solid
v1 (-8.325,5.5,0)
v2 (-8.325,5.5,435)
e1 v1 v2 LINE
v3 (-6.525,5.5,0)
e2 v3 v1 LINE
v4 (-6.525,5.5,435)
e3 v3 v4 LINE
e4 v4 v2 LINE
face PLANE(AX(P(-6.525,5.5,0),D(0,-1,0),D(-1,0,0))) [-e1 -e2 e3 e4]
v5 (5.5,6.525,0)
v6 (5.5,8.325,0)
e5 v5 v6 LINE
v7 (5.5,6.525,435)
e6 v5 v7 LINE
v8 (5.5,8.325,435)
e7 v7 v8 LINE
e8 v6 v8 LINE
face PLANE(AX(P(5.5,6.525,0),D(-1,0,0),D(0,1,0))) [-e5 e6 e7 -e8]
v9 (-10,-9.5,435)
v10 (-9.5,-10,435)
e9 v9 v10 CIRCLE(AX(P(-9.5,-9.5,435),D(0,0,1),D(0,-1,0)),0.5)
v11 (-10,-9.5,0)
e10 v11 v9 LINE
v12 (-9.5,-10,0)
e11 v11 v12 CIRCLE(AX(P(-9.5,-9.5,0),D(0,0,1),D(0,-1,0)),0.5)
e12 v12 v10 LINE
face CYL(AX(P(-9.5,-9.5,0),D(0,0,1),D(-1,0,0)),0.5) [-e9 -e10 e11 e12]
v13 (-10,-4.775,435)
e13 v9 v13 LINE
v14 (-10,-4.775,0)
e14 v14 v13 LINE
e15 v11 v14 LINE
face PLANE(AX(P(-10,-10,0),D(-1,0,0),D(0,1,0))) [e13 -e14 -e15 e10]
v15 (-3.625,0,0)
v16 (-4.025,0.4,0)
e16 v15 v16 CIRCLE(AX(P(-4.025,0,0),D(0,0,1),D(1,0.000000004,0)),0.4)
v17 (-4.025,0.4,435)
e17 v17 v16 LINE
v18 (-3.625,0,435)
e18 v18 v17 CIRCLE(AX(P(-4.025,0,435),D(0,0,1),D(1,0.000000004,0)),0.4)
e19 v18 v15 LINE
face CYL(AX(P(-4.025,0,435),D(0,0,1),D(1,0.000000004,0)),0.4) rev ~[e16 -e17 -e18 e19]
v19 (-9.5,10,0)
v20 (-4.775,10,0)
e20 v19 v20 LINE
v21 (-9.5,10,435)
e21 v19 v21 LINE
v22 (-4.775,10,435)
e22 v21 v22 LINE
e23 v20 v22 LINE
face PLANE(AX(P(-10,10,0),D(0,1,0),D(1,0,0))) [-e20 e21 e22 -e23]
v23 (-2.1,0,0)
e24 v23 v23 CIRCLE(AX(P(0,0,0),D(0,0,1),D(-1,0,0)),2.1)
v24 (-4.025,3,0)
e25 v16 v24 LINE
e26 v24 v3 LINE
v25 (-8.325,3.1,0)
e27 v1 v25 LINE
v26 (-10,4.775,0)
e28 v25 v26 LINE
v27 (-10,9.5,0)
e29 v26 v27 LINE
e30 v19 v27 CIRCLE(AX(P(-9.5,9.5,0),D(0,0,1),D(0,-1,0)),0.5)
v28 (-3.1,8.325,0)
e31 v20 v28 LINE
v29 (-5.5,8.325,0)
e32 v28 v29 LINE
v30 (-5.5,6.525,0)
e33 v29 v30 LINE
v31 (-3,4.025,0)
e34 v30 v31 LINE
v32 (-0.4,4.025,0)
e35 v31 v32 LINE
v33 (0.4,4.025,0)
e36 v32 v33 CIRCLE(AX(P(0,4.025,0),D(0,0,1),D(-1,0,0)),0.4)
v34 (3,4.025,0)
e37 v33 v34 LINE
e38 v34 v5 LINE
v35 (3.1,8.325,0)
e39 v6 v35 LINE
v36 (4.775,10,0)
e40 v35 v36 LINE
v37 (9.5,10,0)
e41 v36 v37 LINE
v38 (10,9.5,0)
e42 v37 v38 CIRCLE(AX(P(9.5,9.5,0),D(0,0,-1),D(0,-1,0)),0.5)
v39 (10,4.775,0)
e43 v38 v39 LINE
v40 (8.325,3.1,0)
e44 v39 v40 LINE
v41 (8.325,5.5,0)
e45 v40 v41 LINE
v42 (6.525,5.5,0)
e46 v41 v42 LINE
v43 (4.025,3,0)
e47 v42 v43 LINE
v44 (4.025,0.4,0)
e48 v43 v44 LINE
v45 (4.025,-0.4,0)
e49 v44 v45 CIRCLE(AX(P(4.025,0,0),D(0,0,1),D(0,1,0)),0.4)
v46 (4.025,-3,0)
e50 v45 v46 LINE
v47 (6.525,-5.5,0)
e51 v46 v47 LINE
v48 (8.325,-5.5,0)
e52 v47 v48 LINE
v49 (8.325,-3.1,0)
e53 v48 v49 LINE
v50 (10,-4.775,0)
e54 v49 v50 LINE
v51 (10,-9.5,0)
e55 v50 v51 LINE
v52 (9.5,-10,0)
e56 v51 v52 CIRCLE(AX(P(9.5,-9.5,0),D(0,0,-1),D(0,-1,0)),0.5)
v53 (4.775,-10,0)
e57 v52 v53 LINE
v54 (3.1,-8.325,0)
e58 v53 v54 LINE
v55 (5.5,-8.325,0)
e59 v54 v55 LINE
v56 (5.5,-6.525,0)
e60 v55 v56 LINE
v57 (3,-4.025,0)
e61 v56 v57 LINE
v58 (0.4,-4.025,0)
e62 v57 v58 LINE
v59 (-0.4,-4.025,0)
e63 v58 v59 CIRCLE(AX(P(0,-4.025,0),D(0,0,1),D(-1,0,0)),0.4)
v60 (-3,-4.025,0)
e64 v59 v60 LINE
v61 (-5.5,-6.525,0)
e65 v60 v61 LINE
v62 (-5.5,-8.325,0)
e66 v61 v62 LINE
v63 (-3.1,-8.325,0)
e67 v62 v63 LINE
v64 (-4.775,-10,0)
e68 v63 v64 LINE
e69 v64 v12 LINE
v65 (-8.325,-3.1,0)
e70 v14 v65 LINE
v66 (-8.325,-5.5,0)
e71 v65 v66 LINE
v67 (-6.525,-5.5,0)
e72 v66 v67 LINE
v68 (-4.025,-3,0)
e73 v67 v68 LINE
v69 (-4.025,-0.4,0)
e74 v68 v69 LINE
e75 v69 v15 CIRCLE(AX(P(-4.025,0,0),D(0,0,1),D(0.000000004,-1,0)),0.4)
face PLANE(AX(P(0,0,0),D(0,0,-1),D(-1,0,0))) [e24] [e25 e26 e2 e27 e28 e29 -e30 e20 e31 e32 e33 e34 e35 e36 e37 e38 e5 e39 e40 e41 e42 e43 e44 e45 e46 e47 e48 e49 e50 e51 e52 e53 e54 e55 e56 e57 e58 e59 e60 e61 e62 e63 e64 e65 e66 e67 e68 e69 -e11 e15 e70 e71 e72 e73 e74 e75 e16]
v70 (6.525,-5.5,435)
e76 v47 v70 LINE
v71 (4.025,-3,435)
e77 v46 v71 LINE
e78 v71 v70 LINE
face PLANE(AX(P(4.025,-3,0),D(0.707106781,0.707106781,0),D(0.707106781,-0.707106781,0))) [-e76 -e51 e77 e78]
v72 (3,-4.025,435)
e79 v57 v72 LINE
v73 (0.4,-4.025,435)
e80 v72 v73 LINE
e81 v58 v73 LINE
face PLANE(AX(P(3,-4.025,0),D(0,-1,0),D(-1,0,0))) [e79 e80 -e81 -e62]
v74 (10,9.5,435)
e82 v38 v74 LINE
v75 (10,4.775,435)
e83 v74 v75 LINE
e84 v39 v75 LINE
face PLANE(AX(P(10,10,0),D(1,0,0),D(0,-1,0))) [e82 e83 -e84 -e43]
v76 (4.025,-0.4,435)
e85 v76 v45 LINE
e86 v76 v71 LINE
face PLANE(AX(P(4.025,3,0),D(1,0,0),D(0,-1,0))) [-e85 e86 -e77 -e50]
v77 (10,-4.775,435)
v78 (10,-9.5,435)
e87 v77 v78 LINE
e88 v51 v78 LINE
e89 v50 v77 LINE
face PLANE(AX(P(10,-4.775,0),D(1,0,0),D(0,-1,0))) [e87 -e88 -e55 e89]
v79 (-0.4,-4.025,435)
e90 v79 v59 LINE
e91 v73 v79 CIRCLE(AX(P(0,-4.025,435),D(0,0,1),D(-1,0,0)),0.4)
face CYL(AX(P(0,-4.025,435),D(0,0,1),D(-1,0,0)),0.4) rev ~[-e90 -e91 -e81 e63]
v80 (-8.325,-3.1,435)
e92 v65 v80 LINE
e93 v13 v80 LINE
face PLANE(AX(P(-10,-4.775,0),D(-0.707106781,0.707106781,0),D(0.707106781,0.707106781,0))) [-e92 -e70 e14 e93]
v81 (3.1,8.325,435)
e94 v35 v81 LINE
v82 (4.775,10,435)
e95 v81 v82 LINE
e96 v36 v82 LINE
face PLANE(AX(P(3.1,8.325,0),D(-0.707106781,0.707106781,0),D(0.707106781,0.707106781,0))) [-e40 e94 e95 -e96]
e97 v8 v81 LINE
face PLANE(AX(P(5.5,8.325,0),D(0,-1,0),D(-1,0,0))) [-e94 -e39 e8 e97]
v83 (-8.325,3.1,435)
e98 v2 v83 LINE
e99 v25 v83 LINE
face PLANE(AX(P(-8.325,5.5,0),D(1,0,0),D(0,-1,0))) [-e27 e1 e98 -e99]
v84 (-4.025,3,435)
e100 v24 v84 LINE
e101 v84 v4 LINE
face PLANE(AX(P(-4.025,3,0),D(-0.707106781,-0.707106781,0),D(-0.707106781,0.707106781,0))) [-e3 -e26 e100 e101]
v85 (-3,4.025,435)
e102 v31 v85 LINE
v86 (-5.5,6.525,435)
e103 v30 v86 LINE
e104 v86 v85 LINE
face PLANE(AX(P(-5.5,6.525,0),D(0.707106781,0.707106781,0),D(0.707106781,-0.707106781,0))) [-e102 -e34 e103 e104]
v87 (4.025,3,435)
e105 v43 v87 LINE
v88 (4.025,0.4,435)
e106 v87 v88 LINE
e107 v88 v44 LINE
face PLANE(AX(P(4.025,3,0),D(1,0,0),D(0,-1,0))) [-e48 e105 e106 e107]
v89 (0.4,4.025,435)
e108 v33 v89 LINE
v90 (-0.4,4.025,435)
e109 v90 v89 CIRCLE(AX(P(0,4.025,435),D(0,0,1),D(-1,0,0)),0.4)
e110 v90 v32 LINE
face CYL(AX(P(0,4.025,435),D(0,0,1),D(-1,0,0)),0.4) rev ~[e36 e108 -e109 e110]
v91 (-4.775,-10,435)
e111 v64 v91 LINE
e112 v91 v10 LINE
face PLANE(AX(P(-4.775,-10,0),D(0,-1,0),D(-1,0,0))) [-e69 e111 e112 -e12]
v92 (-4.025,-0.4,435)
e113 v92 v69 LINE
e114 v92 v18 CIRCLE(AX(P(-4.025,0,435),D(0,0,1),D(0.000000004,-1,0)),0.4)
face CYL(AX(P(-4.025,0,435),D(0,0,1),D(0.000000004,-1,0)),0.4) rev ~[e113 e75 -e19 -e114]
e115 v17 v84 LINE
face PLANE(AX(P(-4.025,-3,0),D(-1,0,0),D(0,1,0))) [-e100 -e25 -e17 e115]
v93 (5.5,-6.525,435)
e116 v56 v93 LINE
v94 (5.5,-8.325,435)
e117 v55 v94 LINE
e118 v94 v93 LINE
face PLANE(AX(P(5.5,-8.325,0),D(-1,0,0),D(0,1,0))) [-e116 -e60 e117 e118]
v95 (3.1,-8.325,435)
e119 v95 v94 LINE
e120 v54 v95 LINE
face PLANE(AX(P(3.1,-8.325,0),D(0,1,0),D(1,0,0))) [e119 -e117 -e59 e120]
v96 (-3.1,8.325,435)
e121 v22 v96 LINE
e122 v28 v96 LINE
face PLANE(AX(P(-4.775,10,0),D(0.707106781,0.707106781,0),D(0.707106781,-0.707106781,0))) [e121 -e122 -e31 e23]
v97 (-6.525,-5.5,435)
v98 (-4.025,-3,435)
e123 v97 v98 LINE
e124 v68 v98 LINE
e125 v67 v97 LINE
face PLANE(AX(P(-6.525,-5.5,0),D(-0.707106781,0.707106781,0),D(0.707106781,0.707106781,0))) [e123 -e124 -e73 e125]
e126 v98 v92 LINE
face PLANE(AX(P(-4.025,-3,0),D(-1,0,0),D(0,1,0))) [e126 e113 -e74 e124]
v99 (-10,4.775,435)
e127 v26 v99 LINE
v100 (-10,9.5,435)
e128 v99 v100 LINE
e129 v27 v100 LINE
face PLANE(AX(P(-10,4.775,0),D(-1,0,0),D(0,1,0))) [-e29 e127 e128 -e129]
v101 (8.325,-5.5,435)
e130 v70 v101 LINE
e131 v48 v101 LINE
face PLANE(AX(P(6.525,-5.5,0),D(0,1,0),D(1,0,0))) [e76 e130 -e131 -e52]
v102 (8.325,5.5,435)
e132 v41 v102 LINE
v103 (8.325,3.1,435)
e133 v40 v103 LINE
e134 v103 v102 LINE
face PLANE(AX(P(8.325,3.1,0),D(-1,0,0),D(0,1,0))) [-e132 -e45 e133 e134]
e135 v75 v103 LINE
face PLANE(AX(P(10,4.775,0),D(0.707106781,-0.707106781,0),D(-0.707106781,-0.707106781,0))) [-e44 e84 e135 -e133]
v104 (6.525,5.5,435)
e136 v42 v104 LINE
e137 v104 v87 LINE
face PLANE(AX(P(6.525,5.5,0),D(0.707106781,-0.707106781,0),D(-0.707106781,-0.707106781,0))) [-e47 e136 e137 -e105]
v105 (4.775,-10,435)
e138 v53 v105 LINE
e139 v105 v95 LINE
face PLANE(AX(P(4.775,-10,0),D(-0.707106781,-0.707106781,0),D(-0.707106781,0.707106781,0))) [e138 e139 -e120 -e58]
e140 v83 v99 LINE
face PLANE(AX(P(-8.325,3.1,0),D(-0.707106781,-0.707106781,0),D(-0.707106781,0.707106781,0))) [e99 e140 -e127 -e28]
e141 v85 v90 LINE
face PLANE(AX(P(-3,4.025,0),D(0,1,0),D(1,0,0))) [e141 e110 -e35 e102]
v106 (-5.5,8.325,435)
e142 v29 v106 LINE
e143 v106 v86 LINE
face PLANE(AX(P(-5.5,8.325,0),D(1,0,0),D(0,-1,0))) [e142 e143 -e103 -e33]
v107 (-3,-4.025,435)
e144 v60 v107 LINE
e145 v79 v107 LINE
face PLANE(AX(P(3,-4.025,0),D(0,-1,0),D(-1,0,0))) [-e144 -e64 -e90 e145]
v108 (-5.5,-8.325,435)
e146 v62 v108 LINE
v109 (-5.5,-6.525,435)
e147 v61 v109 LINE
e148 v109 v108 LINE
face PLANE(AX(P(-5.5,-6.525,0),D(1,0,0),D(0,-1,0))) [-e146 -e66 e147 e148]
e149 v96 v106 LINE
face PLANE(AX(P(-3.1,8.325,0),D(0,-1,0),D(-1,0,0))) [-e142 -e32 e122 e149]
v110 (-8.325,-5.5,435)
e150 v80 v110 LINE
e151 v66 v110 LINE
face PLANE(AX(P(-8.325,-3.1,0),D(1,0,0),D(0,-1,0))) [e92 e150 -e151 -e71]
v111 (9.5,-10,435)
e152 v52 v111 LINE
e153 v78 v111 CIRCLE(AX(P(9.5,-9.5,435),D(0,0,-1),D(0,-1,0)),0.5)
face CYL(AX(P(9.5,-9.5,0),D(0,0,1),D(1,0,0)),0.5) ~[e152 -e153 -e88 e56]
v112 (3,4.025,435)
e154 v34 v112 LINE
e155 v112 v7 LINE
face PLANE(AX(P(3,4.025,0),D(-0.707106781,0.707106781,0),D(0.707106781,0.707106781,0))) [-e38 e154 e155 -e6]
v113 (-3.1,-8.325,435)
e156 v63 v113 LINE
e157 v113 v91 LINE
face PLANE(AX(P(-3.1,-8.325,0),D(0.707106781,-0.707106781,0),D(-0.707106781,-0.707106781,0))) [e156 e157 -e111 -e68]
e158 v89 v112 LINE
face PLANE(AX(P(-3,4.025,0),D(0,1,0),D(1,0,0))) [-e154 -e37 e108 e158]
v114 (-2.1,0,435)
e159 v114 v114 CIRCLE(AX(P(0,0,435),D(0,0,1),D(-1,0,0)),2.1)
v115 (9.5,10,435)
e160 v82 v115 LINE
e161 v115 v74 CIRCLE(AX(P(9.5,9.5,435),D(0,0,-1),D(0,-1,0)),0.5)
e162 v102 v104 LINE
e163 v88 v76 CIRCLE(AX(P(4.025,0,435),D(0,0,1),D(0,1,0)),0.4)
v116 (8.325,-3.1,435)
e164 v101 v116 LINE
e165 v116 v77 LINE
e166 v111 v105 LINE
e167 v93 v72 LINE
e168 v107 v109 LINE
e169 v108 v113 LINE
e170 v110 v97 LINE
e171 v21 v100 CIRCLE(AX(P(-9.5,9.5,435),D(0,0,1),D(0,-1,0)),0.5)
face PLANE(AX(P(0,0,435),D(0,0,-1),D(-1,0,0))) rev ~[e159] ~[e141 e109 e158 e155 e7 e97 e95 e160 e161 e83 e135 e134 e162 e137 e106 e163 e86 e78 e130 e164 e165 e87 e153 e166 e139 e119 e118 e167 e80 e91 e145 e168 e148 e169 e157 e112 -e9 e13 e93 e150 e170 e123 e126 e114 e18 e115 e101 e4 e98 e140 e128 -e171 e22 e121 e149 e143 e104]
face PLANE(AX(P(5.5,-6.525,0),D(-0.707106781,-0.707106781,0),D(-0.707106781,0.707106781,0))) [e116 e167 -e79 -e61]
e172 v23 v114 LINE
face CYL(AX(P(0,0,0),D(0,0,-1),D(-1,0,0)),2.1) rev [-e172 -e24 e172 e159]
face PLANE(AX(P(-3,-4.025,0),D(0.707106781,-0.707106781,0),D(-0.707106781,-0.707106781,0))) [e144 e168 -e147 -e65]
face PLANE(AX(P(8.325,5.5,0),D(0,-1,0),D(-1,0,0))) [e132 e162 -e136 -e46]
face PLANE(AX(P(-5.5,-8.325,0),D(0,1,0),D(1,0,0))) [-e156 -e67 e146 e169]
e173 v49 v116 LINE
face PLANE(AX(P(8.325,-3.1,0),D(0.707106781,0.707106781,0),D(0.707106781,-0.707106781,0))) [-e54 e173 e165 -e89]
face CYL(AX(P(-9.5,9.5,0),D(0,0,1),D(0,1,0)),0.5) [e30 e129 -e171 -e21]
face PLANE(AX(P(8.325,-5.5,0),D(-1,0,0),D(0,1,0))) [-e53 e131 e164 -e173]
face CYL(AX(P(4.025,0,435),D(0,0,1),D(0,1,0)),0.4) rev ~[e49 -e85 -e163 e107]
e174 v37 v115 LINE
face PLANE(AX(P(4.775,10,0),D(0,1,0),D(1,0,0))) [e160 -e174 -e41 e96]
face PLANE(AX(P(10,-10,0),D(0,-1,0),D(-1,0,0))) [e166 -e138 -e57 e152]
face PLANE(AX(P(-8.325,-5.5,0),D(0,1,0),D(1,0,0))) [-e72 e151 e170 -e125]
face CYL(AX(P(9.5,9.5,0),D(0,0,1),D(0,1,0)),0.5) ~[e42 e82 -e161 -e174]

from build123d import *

# Parameters (mm, degrees)
SKETCH1_R           = 2.1
BOSS_EXTRUDE1_DEPTH = 435
FILLET1_R           = 0.5
CUT_EXTRUDE1_DEPTH  = 436.229824346


with BuildPart() as part:
    # Sketch1 → Boss-Extrude1 (new body)
    with BuildSketch(Plane.XY):
        Polygon((-10, 10), (-4.775, 10), (-3.1, 8.325), (-5.5, 8.325), (-5.5, 6.525), (-3, 4.025), (3, 4.025), (5.5, 6.525), (5.5, 8.325), (3.1, 8.325), (4.775, 10), (10, 10), (10, 4.775), (8.325, 3.1), (8.325, 5.5), (6.525, 5.5), (4.025, 3), (4.025, -3), (6.525, -5.5), (8.325, -5.5), (8.325, -3.1), (10, -4.775), (10, -10), (4.775, -10), (3.1, -8.325), (5.5, -8.325), (5.5, -6.525), (3, -4.025), (-3, -4.025), (-5.5, -6.525), (-5.5, -8.325), (-3.1, -8.325), (-4.775, -10), (-10, -10), (-10, -4.775), (-8.325, -3.1), (-8.325, -5.5), (-6.525, -5.5), (-4.025, -3), (-4.025, 3), (-6.525, 5.5), (-8.325, 5.5), (-8.325, 3.1), (-10, 4.775), align=None)
        with Locations(Location((0, 0, 0), (0, 0, 180))):
            Circle(SKETCH1_R, mode=Mode.SUBTRACT)
    extrude(amount=BOSS_EXTRUDE1_DEPTH)

    # Fillet1
    fillet1_edges = [part.edges().sort_by_distance(p)[0] for p in [
        (10, -10, 217.5),
        (-10, -10, 217.5),
        (-10, 10, 217.5),
        (10, 10, 217.5),
    ]]
    fillet(fillet1_edges, radius=FILLET1_R)

    # Sketch2 → Cut-Extrude1 (cut, through all)
    with BuildSketch(Plane.XY.offset(435)):
        with BuildLine():
            ThreePointArc((-4.025, 0.4), (-4.425, 0), (-4.025, -0.4))
            Line((-4.025, -0.4), (-4.025, 0.4))
        make_face()
        with BuildLine():
            Line((-4.025, 0.4), (-4.025, -0.4))
            ThreePointArc((-4.025, -0.4), (-3.742157288, -0.282842712), (-3.625, 0))
            ThreePointArc((-3.625, 0), (-3.742157288, 0.282842712), (-4.025, 0.4))
        make_face()
        with BuildLine():
            ThreePointArc((0.4, 4.025), (0, 4.425), (-0.4, 4.025))
            Line((-0.4, 4.025), (0.4, 4.025))
        make_face()
        with BuildLine():
            Line((0.4, 4.025), (-0.4, 4.025))
            ThreePointArc((-0.4, 4.025), (0, 3.625), (0.4, 4.025))
        make_face()
        with BuildLine():
            ThreePointArc((4.025, 0.4), (3.625, 0), (4.025, -0.4))
            Line((4.025, -0.4), (4.025, 0.4))
        make_face()
        with BuildLine():
            Line((4.025, 0.4), (4.025, -0.4))
            ThreePointArc((4.025, -0.4), (4.307842712, -0.282842712), (4.425, 0))
            ThreePointArc((4.425, 0), (4.307842712, 0.282842712), (4.025, 0.4))
        make_face()
        with BuildLine():
            ThreePointArc((0.4, -4.025), (0, -3.625), (-0.4, -4.025))
            Line((-0.4, -4.025), (0.4, -4.025))
        make_face()
        with BuildLine():
            Line((0.4, -4.025), (-0.4, -4.025))
            ThreePointArc((-0.4, -4.025), (0, -4.425), (0.4, -4.025))
        make_face()
    extrude(amount=-CUT_EXTRUDE1_DEPTH, mode=Mode.SUBTRACT)


solid = part.part
